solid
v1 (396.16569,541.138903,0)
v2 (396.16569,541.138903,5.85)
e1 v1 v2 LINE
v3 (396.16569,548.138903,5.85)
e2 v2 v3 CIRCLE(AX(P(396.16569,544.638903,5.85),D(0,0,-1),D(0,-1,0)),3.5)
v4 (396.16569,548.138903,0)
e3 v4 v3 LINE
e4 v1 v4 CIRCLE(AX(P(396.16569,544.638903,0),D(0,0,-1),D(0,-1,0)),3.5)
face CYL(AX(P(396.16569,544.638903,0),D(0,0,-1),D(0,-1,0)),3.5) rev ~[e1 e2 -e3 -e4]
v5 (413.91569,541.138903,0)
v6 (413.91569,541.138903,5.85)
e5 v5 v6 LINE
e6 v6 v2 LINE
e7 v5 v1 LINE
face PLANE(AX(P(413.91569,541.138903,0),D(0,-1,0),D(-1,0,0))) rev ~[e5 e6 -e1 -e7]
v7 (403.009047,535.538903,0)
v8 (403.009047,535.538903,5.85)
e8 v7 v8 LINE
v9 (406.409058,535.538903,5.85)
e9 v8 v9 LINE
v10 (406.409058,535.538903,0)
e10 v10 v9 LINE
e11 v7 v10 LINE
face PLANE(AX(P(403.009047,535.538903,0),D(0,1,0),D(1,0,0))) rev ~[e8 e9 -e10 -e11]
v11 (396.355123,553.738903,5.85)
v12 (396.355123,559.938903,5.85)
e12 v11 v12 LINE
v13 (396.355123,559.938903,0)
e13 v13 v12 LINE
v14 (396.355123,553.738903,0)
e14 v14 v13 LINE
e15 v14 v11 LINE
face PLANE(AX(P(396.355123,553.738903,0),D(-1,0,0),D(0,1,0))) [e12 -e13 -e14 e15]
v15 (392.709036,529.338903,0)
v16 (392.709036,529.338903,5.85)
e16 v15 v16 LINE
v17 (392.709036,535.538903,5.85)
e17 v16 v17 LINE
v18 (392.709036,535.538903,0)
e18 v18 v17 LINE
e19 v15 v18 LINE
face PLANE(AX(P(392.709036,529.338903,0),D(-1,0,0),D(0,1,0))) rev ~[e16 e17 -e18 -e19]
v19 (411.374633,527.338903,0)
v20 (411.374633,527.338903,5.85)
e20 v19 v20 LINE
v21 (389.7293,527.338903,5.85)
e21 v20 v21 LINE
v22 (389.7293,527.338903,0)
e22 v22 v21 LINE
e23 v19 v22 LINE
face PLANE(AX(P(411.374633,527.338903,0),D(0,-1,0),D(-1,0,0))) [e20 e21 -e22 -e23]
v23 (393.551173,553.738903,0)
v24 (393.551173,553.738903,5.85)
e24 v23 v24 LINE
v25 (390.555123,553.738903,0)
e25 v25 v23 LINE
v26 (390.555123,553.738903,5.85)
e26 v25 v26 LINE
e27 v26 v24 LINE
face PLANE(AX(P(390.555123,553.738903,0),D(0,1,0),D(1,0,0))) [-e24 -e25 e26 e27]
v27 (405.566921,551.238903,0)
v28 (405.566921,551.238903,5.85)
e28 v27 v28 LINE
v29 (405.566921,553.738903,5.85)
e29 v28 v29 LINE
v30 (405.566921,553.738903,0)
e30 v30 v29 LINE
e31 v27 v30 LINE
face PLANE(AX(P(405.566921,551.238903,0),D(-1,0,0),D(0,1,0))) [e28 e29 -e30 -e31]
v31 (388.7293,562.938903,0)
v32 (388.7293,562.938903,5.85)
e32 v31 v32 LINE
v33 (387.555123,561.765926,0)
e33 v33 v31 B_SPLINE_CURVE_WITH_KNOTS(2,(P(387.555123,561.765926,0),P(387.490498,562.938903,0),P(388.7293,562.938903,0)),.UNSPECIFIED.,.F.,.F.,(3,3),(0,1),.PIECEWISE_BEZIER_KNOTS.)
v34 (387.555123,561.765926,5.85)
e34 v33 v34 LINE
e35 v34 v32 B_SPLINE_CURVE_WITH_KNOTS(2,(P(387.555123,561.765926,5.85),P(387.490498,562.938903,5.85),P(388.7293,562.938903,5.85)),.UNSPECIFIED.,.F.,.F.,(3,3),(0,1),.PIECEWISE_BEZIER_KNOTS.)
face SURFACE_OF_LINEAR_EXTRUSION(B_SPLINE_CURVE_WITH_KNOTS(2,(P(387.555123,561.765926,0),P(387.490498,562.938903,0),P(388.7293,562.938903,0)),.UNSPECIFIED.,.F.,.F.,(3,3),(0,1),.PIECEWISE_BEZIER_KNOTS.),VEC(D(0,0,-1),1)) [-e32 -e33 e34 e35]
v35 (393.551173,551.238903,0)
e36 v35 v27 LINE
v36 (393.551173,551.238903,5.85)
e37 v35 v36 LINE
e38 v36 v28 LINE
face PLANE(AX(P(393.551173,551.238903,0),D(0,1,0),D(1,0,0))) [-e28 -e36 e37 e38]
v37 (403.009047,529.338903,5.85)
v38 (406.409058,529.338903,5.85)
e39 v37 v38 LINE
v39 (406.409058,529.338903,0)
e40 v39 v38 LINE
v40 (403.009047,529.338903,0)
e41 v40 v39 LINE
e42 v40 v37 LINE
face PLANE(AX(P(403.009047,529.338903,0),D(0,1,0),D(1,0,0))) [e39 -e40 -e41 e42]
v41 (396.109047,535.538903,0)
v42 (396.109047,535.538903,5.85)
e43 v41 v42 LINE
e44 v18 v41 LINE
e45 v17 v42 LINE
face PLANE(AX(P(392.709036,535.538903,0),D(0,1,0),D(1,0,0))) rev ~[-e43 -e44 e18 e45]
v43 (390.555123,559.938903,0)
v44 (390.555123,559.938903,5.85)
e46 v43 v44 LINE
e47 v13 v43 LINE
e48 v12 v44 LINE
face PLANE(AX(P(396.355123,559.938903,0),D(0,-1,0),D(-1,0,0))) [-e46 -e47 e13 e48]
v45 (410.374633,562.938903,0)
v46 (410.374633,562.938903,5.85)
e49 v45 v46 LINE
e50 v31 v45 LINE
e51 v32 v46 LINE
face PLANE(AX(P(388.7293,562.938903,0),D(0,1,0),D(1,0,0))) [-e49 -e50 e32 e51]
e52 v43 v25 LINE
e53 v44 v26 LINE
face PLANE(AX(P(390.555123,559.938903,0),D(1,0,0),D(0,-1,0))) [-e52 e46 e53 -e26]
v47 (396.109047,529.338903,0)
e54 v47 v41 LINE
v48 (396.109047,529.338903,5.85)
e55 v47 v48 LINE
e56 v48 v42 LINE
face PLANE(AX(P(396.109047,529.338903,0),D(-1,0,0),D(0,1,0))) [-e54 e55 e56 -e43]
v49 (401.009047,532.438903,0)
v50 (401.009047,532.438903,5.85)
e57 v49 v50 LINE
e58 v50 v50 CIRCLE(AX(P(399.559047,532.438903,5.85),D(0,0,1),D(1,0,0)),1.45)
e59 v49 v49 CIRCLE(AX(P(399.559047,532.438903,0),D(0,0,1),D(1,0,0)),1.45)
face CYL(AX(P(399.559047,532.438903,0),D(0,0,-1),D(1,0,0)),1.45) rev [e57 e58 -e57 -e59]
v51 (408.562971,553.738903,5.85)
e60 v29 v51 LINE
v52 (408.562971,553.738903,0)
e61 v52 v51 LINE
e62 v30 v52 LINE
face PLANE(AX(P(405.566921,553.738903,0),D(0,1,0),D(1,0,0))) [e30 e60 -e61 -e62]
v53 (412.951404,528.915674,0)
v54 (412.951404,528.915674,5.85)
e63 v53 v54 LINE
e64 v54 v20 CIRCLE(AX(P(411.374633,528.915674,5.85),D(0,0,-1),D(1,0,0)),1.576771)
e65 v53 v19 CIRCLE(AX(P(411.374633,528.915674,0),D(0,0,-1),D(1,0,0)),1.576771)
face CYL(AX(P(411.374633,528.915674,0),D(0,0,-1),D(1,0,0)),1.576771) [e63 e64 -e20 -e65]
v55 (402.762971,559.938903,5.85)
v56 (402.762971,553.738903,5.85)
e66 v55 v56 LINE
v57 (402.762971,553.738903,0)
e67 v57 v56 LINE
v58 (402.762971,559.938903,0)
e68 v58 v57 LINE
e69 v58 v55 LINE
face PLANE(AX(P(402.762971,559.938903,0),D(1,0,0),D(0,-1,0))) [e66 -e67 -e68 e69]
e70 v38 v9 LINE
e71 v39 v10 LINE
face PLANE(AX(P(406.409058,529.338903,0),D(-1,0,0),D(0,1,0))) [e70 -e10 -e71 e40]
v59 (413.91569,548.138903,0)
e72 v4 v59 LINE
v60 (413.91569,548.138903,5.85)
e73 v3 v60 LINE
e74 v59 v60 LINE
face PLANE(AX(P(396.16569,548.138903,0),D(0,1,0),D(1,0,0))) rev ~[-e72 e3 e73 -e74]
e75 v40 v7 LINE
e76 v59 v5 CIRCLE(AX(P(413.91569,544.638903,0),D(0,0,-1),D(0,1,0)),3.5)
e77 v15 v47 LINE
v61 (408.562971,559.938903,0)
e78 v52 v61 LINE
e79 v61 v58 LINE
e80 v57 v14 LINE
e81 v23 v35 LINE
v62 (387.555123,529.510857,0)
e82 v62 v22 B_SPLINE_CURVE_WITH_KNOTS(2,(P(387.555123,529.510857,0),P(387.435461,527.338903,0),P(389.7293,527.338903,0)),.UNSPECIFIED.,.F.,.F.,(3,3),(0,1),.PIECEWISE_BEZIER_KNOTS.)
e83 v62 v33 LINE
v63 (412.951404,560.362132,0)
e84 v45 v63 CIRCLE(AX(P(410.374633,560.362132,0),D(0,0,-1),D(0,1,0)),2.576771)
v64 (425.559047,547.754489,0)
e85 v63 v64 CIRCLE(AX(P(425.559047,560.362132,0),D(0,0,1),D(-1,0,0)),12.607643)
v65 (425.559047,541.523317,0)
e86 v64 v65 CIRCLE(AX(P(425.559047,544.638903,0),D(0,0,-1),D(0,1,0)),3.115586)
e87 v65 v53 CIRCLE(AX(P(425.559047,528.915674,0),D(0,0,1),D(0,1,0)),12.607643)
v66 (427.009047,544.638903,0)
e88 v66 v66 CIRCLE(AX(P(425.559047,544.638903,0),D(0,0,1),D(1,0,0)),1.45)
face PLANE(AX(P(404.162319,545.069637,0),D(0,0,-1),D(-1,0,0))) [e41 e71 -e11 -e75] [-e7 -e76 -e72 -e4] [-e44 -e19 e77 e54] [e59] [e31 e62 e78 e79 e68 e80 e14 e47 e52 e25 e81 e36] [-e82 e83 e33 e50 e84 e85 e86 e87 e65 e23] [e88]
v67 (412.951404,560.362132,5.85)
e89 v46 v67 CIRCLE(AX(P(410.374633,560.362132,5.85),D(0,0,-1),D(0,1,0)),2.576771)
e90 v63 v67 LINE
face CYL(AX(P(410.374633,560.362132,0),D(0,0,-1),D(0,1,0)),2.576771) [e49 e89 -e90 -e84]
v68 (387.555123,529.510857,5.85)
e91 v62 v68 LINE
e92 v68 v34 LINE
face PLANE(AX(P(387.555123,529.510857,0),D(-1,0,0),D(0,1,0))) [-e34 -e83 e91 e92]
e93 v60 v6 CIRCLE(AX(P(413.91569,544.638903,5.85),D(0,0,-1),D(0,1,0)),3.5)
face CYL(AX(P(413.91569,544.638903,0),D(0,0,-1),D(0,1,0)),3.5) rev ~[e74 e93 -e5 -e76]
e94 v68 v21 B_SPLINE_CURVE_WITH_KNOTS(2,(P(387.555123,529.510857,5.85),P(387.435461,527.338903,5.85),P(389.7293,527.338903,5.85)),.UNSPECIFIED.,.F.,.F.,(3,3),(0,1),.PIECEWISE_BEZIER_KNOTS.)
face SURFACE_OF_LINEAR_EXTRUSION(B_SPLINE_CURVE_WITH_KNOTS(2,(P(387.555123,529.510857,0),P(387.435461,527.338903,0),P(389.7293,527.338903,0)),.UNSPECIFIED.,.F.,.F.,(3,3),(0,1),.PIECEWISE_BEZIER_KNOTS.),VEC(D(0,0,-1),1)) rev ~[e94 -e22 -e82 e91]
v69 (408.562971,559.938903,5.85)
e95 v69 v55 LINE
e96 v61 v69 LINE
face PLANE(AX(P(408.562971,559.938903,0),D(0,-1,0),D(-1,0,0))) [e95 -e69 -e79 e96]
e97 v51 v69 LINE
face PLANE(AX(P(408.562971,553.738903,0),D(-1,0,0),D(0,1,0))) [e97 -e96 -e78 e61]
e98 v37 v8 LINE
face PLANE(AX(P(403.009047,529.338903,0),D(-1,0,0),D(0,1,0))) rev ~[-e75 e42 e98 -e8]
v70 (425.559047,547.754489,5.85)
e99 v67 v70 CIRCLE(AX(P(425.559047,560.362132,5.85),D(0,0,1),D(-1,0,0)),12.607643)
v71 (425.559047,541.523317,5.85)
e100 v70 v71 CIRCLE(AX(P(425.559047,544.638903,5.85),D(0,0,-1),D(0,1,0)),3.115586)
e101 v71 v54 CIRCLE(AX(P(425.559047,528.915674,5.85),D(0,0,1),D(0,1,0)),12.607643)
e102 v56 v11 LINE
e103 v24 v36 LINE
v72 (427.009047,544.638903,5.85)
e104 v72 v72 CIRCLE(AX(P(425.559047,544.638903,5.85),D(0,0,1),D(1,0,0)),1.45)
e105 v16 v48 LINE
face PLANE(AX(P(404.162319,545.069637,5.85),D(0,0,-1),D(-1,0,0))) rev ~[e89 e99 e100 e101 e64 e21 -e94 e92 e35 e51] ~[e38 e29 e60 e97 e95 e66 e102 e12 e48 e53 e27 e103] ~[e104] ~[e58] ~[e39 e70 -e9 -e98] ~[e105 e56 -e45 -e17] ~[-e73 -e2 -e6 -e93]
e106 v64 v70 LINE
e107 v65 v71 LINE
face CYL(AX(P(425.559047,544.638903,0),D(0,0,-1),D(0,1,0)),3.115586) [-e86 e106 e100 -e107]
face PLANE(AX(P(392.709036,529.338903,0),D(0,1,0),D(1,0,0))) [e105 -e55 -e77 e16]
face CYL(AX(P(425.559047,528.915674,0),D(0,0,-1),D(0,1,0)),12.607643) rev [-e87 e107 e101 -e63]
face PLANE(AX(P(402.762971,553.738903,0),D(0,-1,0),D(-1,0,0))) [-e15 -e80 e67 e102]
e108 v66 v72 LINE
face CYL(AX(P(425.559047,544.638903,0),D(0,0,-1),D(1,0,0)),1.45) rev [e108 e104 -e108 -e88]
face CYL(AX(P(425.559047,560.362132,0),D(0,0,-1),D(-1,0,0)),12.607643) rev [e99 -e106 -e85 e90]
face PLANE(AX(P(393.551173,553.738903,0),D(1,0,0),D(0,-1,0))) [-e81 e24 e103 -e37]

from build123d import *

# Parameters (mm, degrees)
SKETCH1_R           = 1.45
SKETCH1_W           = 3.400011
SKETCH1_H           = 6.2
BOSS_EXTRUDE2_DEPTH = 5.85


with BuildPart() as part:
    # Sketch1 → Boss-Extrude2 (new body)
    with BuildSketch(Plane.XY):
        with BuildLine():
            Line((388.729299875, 562.938903138), (410.374633118, 562.938903138))
            ThreePointArc((410.374633118, 562.938903138), (412.196685191, 562.184184458), (412.95140387, 560.362132386))
            ThreePointArc((412.95140387, 560.362132386), (416.644097047, 551.447182437), (425.559046996, 547.75448926))
            ThreePointArc((425.559046996, 547.75448926), (428.674633119, 544.638903138), (425.559046996, 541.523317015))
            ThreePointArc((425.559046996, 541.523317015), (416.644097047, 537.830623838), (412.95140387, 528.915673889))
            ThreePointArc((412.95140387, 528.915673889), (412.489578409, 527.800728598), (411.374633118, 527.338903138))
            Line((411.374633118, 527.338903138), (389.729299875, 527.338903138))
            add(Edge.make_bspline(
                [(387.555122745, 529.510856868), (387.435461267, 527.338903138), (389.729299875, 527.338903138)],
                knots=[0, 0, 0, 1, 1, 1], degree=2))
            Line((387.555122745, 529.510856868), (387.555122745, 561.765926185))
            add(Edge.make_bspline(
                [(387.555122745, 561.765926185), (387.490498211, 562.938903138), (388.729299875, 562.938903138)],
                knots=[0, 0, 0, 1, 1, 1], degree=2))
        make_face()
        with Locations((425.559046996, 544.638903138)):
            Circle(SKETCH1_R, mode=Mode.SUBTRACT)
        with Locations((399.559046996, 532.438903138)):
            Circle(SKETCH1_R, mode=Mode.SUBTRACT)
        Polygon((405.566920996, 551.238903138), (405.566920996, 553.738903138), (408.562971247, 553.738903138), (408.562971247, 559.938903138), (402.762971247, 559.938903138), (402.762971247, 553.738903138), (396.355122745, 553.738903138), (396.355122745, 559.938903138), (390.555122745, 559.938903138), (390.555122745, 553.738903138), (393.551172996, 553.738903138), (393.551172996, 551.238903138), align=None, mode=Mode.SUBTRACT)
        with Locations((394.409041496, 532.438903138)):
            Rectangle(SKETCH1_W, SKETCH1_H, mode=Mode.SUBTRACT)
        with Locations((404.709052496, 532.438903138)):
            Rectangle(SKETCH1_W, SKETCH1_H, mode=Mode.SUBTRACT)
        with BuildLine():
            Line((396.165690223, 548.138903138), (413.915690223, 548.138903138))
            ThreePointArc((413.915690223, 548.138903138), (417.415690223, 544.638903138), (413.915690223, 541.138903138))
            Line((413.915690223, 541.138903138), (396.165690223, 541.138903138))
            ThreePointArc((396.165690223, 541.138903138), (392.665690223, 544.638903138), (396.165690223, 548.138903138))
        make_face(mode=Mode.SUBTRACT)
    extrude(amount=BOSS_EXTRUDE2_DEPTH)


solid = part.part
